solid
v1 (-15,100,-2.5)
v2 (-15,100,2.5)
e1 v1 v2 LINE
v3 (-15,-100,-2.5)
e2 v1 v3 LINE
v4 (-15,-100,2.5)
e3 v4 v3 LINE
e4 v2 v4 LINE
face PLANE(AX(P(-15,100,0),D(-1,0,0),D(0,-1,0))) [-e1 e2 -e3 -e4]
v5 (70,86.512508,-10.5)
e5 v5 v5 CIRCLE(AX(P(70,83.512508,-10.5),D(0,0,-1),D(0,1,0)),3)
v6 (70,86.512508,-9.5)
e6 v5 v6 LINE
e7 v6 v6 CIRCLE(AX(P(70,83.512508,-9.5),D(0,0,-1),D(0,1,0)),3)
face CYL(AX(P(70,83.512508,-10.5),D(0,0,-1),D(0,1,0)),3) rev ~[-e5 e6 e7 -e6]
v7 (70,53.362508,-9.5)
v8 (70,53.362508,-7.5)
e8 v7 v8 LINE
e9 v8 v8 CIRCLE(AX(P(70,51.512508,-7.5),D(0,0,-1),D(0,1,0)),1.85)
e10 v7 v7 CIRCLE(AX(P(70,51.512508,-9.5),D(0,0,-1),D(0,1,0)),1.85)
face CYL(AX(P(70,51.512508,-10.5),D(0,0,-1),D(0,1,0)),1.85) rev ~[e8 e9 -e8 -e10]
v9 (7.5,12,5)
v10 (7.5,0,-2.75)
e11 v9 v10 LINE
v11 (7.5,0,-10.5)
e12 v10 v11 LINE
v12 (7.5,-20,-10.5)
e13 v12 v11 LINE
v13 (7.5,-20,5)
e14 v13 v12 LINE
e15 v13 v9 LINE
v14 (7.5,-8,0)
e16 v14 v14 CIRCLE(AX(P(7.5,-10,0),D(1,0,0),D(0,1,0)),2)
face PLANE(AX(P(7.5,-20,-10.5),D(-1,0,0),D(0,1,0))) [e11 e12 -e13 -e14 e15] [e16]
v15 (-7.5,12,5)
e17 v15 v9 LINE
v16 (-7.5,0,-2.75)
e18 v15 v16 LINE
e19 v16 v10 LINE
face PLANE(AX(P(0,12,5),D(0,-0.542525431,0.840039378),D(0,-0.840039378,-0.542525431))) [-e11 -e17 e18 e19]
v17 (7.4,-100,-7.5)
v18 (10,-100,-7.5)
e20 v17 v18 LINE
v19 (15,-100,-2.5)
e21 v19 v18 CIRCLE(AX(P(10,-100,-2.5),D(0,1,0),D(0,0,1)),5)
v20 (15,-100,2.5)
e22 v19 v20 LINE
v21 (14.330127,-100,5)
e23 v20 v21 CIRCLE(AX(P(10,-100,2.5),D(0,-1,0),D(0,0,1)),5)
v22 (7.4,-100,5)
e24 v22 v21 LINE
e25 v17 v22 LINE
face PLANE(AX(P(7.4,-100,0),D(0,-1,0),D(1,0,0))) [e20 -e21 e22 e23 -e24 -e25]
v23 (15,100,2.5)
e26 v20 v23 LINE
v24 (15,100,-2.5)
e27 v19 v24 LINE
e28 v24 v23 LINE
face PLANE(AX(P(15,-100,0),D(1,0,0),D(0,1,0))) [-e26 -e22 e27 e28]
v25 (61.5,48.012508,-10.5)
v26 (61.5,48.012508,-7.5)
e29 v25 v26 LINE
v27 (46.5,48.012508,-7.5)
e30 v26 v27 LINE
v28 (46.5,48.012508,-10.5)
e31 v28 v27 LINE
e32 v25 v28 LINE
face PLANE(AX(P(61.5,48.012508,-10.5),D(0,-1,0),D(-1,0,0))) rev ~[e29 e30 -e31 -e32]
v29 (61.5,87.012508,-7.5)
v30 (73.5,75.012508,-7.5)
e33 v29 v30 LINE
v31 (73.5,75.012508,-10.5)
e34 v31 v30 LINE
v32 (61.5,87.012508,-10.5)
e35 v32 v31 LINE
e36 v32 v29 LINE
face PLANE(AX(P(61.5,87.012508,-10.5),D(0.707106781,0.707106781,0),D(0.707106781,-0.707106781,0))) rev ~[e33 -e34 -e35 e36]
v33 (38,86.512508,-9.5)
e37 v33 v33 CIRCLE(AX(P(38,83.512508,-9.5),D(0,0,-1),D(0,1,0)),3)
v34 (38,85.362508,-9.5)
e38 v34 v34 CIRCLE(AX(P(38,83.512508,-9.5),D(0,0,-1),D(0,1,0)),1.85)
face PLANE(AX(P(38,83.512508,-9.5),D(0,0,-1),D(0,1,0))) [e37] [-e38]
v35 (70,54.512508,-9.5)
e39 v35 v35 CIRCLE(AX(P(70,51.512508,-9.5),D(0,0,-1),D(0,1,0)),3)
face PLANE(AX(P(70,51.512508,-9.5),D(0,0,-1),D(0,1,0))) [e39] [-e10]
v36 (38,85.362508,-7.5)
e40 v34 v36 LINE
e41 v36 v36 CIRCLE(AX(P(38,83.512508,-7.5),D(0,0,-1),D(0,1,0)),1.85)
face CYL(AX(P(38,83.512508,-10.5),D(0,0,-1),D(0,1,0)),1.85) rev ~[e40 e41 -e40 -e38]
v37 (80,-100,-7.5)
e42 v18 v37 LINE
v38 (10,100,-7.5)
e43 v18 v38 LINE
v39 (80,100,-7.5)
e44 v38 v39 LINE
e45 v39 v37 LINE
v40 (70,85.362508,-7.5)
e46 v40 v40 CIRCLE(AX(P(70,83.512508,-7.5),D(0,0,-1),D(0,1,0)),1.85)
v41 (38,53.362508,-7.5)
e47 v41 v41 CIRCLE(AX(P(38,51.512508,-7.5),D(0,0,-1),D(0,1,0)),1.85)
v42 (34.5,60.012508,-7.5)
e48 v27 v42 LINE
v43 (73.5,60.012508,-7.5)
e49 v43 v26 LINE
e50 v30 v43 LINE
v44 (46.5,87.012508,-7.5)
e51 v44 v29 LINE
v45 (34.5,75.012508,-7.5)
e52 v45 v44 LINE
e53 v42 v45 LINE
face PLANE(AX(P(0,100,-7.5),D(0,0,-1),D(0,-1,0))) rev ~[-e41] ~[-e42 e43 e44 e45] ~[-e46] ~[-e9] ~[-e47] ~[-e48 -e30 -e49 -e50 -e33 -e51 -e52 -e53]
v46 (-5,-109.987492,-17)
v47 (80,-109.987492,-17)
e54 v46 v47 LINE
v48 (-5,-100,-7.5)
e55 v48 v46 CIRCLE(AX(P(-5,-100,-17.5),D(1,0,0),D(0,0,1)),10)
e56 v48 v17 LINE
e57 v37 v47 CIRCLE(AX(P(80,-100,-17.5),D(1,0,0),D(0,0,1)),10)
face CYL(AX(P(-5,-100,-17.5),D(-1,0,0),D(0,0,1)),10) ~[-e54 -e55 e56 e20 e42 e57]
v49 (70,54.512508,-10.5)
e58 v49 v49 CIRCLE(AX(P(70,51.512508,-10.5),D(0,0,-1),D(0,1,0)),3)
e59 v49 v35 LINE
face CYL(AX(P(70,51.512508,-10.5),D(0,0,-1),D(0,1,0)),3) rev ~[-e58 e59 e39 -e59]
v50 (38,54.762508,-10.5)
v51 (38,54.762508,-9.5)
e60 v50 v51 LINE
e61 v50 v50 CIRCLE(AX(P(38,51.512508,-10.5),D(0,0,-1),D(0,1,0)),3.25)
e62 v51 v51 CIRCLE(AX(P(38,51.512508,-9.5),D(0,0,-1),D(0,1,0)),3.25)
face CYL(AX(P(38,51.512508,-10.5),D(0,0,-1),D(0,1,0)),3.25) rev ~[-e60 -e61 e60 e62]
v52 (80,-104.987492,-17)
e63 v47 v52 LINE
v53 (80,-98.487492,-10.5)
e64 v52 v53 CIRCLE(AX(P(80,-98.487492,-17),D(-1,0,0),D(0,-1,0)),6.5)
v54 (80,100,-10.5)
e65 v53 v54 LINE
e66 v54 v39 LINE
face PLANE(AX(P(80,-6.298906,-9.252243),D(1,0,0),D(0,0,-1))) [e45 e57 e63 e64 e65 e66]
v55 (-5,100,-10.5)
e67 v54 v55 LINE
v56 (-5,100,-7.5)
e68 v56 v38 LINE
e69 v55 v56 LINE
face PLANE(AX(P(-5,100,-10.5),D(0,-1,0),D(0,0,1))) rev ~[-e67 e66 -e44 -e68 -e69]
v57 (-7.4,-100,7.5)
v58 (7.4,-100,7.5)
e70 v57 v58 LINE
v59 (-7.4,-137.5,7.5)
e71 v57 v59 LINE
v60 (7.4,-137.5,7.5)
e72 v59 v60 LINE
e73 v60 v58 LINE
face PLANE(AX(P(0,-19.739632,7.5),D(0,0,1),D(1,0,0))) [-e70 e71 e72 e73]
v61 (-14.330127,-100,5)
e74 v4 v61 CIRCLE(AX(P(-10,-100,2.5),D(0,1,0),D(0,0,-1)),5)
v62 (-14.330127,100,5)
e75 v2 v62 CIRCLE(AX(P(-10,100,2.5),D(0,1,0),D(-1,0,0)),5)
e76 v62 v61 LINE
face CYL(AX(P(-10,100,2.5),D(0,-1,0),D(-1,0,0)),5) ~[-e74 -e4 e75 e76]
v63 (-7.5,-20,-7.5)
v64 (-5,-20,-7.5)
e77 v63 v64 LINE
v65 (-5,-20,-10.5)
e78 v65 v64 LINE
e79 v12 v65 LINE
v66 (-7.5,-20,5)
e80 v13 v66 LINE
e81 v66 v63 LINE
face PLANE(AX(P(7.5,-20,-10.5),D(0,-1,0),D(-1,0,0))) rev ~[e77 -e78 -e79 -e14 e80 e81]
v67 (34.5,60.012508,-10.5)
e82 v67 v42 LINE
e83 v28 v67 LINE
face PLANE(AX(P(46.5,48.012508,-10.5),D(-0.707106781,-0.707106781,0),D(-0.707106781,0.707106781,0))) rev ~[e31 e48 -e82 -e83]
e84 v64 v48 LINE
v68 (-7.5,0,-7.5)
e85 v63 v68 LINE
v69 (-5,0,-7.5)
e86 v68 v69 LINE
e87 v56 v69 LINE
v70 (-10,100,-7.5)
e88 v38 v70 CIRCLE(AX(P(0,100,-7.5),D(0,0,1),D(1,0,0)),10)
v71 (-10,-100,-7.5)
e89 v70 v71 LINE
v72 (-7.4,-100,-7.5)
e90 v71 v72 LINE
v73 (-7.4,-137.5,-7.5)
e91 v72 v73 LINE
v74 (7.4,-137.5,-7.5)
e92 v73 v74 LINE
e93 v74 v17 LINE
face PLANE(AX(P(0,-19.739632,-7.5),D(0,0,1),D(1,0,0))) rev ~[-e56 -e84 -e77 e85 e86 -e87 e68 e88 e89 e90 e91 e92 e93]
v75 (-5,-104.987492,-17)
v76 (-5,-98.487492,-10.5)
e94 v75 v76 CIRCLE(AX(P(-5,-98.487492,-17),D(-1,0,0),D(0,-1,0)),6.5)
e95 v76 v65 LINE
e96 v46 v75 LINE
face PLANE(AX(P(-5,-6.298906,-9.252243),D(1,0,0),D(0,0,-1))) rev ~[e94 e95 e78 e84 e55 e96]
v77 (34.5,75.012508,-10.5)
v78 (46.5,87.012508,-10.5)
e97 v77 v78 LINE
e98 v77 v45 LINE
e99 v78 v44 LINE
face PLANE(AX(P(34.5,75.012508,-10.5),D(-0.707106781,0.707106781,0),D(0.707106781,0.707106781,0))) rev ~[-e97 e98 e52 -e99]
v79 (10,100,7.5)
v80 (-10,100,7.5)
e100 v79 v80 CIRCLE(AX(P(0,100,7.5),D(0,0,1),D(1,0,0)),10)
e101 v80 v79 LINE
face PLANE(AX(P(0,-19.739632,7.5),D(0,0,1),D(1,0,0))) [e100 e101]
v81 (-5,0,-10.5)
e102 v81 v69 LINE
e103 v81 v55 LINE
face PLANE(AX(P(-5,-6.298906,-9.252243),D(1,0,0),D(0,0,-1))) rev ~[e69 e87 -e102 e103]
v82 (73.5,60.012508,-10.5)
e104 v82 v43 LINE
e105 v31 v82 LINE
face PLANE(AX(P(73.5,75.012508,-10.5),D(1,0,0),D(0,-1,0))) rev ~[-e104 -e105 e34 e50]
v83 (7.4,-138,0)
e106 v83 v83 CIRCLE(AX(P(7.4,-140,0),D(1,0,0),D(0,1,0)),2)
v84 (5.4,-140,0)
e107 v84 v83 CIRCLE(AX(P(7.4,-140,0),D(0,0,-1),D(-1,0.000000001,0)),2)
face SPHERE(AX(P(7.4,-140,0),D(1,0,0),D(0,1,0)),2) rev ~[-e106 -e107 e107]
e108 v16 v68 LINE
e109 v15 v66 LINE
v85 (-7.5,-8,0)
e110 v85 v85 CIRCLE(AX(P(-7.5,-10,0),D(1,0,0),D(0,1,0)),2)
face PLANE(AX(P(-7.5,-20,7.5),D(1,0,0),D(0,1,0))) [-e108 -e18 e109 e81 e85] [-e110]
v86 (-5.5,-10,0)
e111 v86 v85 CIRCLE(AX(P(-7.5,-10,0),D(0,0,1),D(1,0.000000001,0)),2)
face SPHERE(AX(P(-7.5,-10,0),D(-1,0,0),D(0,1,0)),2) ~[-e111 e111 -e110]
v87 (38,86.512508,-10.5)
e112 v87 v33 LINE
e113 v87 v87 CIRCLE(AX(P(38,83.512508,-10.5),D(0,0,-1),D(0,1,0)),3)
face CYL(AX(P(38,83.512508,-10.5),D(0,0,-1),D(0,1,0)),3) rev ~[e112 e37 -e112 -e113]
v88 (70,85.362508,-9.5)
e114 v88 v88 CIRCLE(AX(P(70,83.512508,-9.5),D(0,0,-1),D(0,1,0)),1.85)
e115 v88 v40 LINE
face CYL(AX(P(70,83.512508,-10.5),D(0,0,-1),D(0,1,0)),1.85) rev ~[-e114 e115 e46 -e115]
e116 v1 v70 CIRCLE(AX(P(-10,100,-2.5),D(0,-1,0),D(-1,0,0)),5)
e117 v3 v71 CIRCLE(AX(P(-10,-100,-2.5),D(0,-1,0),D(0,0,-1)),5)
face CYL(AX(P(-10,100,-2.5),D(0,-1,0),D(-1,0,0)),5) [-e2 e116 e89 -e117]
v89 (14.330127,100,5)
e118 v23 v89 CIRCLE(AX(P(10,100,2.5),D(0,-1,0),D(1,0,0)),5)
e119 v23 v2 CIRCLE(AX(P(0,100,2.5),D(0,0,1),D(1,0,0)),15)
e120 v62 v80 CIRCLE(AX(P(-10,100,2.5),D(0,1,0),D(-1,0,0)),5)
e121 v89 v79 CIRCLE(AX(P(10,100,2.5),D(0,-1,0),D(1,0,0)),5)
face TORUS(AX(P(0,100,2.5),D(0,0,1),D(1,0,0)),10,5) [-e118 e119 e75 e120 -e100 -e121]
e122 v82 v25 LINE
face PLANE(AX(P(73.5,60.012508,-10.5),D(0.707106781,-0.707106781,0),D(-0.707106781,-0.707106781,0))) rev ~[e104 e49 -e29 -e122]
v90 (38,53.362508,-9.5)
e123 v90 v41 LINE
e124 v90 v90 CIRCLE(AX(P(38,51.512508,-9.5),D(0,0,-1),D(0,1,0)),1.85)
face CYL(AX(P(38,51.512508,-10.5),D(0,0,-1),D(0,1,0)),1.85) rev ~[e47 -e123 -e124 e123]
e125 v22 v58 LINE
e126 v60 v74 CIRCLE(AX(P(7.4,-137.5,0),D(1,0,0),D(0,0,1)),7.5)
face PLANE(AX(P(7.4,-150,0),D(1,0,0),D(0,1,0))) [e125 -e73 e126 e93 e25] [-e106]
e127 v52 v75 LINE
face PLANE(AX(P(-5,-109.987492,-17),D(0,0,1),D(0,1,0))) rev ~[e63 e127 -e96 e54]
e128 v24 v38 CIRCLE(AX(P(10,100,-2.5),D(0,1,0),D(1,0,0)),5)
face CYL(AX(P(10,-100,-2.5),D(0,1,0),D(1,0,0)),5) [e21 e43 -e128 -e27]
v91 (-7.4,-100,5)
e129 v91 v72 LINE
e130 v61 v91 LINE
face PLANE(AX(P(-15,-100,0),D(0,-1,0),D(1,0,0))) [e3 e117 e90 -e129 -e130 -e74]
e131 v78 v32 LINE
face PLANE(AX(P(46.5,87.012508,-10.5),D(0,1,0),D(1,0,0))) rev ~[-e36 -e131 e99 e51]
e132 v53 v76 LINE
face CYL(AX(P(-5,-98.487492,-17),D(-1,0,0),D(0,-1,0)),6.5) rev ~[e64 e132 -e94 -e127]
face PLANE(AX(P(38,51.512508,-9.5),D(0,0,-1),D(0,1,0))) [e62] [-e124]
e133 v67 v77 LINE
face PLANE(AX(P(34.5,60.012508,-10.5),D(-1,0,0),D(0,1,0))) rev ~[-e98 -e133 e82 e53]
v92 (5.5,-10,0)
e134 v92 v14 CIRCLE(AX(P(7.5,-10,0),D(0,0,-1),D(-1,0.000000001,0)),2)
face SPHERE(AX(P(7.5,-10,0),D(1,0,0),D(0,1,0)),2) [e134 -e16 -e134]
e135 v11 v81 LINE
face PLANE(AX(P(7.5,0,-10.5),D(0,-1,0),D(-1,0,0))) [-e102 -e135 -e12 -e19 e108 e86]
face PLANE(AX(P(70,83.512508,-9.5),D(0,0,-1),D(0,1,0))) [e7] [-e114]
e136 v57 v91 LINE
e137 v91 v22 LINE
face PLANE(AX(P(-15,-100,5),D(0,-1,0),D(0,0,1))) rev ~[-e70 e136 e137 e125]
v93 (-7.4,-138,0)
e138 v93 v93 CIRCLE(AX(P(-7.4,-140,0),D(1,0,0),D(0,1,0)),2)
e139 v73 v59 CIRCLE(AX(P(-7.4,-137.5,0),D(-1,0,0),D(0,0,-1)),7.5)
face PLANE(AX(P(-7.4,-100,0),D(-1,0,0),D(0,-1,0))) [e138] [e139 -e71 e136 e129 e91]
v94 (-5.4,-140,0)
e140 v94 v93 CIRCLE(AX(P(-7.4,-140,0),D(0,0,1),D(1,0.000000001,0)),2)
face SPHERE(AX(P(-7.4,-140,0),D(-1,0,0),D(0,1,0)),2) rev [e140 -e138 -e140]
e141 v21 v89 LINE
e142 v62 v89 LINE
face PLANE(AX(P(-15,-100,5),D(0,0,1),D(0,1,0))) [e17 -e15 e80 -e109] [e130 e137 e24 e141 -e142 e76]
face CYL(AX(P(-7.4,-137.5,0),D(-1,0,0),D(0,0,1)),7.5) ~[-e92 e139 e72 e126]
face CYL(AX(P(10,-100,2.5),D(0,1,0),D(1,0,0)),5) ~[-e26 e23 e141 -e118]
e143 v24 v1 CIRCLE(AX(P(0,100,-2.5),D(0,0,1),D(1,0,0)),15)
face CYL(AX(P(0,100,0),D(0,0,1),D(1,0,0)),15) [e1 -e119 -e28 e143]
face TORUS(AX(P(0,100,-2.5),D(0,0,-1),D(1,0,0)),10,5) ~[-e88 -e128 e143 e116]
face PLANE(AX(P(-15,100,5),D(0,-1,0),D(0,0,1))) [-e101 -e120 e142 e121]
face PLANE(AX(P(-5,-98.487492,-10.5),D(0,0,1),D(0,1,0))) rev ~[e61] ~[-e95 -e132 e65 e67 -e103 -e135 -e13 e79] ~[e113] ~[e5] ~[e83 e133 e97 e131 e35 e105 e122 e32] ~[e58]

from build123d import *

# Parameters (mm, degrees)
BOSS_EXTRUDE1_DEPTH = 7.5
FILLET1_R           = 5
SKETCH4_W           = 15
SKETCH4_H           = 20
CUT_EXTRUDE1_DEPTH  = 152.492574085
CUT_EXTRUDE2_DEPTH  = 152.848641751
BOSS_EXTRUDE2_DEPTH = 80
BOSS_EXTRUDE3_START = 5
BOSS_EXTRUDE3_DEPTH = 5
SKETCH9_W           = 12.5
SKETCH9_H           = 20
CUT_EXTRUDE3_DEPTH  = 3
SKETCH10_W          = 2.5
SKETCH10_H          = 200
CUT_EXTRUDE4_DEPTH  = 175.180940404
SKETCH11_R          = 1.85
CUT_EXTRUDE5_DEPTH  = 167.580310961
SKETCH12_R          = 3
SKETCH12_R_2        = 3.25
CUT_EXTRUDE6_DEPTH  = 1
CUT_EXTRUDE7_DEPTH  = 7.5


with BuildPart() as part:
    # Sketch1 → Boss-Extrude1 (new, symmetric)
    with BuildSketch(Plane.XY):
        with BuildLine():
            Line((-7.4, -150), (7.4, -150))
            Line((7.4, -150), (7.4, -100))
            Line((7.4, -100), (15, -100))
            Line((15, -100), (15, 100))
            ThreePointArc((15, 100), (0, 115), (-15, 100))
            Line((-15, 100), (-15, -100))
            Line((-15, -100), (-7.4, -100))
            Line((-7.4, -100), (-7.4, -150))
        make_face()
    extrude(amount=BOSS_EXTRUDE1_DEPTH, both=True)

    # Fillet1
    fillet1_edges = [part.edges().sort_by_distance(p)[0] for p in [
        (7.4, -150, 0),
        (-7.4, -150, 0),
        (15, 0, 7.5),
        (0, 115, 7.5),
        (-15, 0, 7.5),
        (-15, 0, -7.5),
        (0, 115, -7.5),
        (15, 0, -7.5),
    ]]
    fillet(fillet1_edges, radius=FILLET1_R)

    # Sketch4 → Cut-Extrude1 (cut, through all)
    with BuildSketch(Plane.XY.offset(7.5)):
        with Locations((0, -10)):
            Rectangle(SKETCH4_W, SKETCH4_H)
    extrude(amount=-CUT_EXTRUDE1_DEPTH, mode=Mode.SUBTRACT)

    # Sketch5 → Revolve2 (revolve)
    with BuildSketch(Plane.XY):
        with BuildLine():
            Line((-7.5, -10), (-5.5, -10))
            ThreePointArc((-5.5, -10), (-6.085786438, -8.585786438), (-7.5, -8))
            Line((-7.5, -8), (-7.5, -10))
        make_face()
        with BuildLine():
            Line((7.5, -10), (5.5, -10))
            ThreePointArc((5.5, -10), (6.085786438, -8.585786438), (7.5, -8))
            Line((7.5, -8), (7.5, -10))
        make_face()
    revolve(axis=Axis((-21.965922243, -10, 0), (1, 0, 0)))

    # Sketch2 → Cut-Revolve1 (revolve, cut)
    with BuildSketch(Plane.XY):
        with BuildLine():
            Line((-7.4, -138), (-7.4, -140))
            Line((-7.4, -140), (-5.4, -140))
            ThreePointArc((-5.4, -140), (-5.985786438, -138.585786438), (-7.4, -138))
        make_face()
        with BuildLine():
            Line((7.4, -138), (7.4, -140))
            Line((7.4, -140), (5.4, -140))
            ThreePointArc((5.4, -140), (5.985786438, -138.585786438), (7.4, -138))
        make_face()
    revolve(axis=Axis((-23.291382295, -140, 0), (1, 0, 0)), mode=Mode.SUBTRACT)

    # Sketch6 → Cut-Extrude2 (cut, through all)
    with BuildSketch(Plane.ZY.offset(7.4)):
        with BuildLine():
            Line((-7.5, -137.5), (-7.5, -150))
            Line((-7.5, -150), (7.5, -150))
            Line((7.5, -150), (7.5, -137.5))
            ThreePointArc((7.5, -137.5), (0, -145), (-7.5, -137.5))
        make_face()
    extrude(amount=-CUT_EXTRUDE2_DEPTH, mode=Mode.SUBTRACT)

    # Sketch3 → Boss-Extrude2 (add)
    with BuildSketch(Plane(origin=(0, 0, 0), x_dir=(0, 0, -1), z_dir=(1, 0, 0))):
        with BuildLine():
            Line((17, -109.987492178), (17, -104.987492178))
            ThreePointArc((17, -104.987492178), (12.403805922, -103.083686255), (10.5, -98.487492178))
            Line((10.5, -98.487492178), (10.5, 100))
            Line((10.5, 100), (7.5, 100))
            Line((7.5, 100), (7.5, -100))
            ThreePointArc((7.5, -100), (10.254311627, -106.892024376), (17, -109.987492178))
        make_face()
    extrude(amount=BOSS_EXTRUDE2_DEPTH)

    # Sketch7 → Boss-Extrude3 (add)
    with BuildSketch(Plane.ZY.offset(BOSS_EXTRUDE3_START)):
        with BuildLine():
            Line((-10.5, 100), (-7.5, 100))
            Line((-7.5, 100), (-7.5, 0))
            Line((-7.5, 0), (-7.5, -20))
            Line((-7.5, -20), (-7.5, -100))
            ThreePointArc((-7.5, -100), (-10.254311627, -106.892024376), (-17, -109.987492178))
            Line((-17, -109.987492178), (-17, -104.987492178))
            ThreePointArc((-17, -104.987492178), (-12.403805922, -103.083686255), (-10.5, -98.487492178))
            Line((-10.5, -98.487492178), (-10.5, 100))
        make_face()
    extrude(amount=-BOSS_EXTRUDE3_DEPTH)

    # Sketch9 → Cut-Extrude3 (cut)
    with BuildSketch(Plane(origin=(0, 0, -10.5), x_dir=(-1, 0, 0), z_dir=(0, 0, -1))):
        with Locations((-1.25, -10)):
            Rectangle(SKETCH9_W, SKETCH9_H)
    extrude(amount=-CUT_EXTRUDE3_DEPTH, mode=Mode.SUBTRACT)

    # Sketch10 → Cut-Extrude4 (cut, through all)
    with BuildSketch(Plane.ZY.offset(15)):
        with Locations((6.25, 0)):
            Rectangle(SKETCH10_W, SKETCH10_H)
    extrude(amount=-CUT_EXTRUDE4_DEPTH, mode=Mode.SUBTRACT)

    # Sketch11 → Cut-Extrude5 (cut, through all)
    with BuildSketch(Plane(origin=(0, 0, -10.5), x_dir=(-1, 0, 0), z_dir=(0, 0, -1))):
        with Locations(Location((-38, 83.512507822, 0), (0, 0, 90))):
            Circle(SKETCH11_R)
        with Locations(Location((-38, 51.512507822, 0), (0, 0, 90))):
            Circle(SKETCH11_R)
        with Locations(Location((-70, 83.512507822, 0), (0, 0, 90))):
            Circle(SKETCH11_R)
        with Locations(Location((-70, 51.512507822, 0), (0, 0, 90))):
            Circle(SKETCH11_R)
        Polygon((-46.5, 87.012507822), (-61.5, 87.012507822), (-73.5, 75.012507822), (-73.5, 60.012507822), (-61.5, 48.012507822), (-46.5, 48.012507822), (-34.5, 60.012507822), (-34.5, 75.012507822), align=None)
    extrude(amount=-CUT_EXTRUDE5_DEPTH, mode=Mode.SUBTRACT)

    # Sketch12 → Cut-Extrude6 (cut)
    with BuildSketch(Plane(origin=(0, 0, -10.5), x_dir=(-1, 0, 0), z_dir=(0, 0, -1))):
        with Locations(Location((-38, 83.512507822, 0), (0, 0, 90))):
            Circle(SKETCH12_R)
        with Locations(Location((-70, 83.512507822, 0), (0, 0, 90))):
            Circle(SKETCH12_R)
        with Locations(Location((-70, 51.512507822, 0), (0, 0, 90))):
            Circle(SKETCH12_R)
        with Locations(Location((-38, 51.512507822, 0), (0, 0, 90))):
            Circle(SKETCH12_R_2)
    extrude(amount=-CUT_EXTRUDE6_DEPTH, mode=Mode.SUBTRACT)

    # Sketch13 → Cut-Extrude7 (cut, symmetric)
    with BuildSketch(Plane(origin=(0, 0, 0), x_dir=(0, 0, -1), z_dir=(1, 0, 0))):
        Polygon((2.75, 0), (-5, 0), (-5, 12), align=None)
    extrude(amount=CUT_EXTRUDE7_DEPTH, both=True, mode=Mode.SUBTRACT)


solid = part.part
